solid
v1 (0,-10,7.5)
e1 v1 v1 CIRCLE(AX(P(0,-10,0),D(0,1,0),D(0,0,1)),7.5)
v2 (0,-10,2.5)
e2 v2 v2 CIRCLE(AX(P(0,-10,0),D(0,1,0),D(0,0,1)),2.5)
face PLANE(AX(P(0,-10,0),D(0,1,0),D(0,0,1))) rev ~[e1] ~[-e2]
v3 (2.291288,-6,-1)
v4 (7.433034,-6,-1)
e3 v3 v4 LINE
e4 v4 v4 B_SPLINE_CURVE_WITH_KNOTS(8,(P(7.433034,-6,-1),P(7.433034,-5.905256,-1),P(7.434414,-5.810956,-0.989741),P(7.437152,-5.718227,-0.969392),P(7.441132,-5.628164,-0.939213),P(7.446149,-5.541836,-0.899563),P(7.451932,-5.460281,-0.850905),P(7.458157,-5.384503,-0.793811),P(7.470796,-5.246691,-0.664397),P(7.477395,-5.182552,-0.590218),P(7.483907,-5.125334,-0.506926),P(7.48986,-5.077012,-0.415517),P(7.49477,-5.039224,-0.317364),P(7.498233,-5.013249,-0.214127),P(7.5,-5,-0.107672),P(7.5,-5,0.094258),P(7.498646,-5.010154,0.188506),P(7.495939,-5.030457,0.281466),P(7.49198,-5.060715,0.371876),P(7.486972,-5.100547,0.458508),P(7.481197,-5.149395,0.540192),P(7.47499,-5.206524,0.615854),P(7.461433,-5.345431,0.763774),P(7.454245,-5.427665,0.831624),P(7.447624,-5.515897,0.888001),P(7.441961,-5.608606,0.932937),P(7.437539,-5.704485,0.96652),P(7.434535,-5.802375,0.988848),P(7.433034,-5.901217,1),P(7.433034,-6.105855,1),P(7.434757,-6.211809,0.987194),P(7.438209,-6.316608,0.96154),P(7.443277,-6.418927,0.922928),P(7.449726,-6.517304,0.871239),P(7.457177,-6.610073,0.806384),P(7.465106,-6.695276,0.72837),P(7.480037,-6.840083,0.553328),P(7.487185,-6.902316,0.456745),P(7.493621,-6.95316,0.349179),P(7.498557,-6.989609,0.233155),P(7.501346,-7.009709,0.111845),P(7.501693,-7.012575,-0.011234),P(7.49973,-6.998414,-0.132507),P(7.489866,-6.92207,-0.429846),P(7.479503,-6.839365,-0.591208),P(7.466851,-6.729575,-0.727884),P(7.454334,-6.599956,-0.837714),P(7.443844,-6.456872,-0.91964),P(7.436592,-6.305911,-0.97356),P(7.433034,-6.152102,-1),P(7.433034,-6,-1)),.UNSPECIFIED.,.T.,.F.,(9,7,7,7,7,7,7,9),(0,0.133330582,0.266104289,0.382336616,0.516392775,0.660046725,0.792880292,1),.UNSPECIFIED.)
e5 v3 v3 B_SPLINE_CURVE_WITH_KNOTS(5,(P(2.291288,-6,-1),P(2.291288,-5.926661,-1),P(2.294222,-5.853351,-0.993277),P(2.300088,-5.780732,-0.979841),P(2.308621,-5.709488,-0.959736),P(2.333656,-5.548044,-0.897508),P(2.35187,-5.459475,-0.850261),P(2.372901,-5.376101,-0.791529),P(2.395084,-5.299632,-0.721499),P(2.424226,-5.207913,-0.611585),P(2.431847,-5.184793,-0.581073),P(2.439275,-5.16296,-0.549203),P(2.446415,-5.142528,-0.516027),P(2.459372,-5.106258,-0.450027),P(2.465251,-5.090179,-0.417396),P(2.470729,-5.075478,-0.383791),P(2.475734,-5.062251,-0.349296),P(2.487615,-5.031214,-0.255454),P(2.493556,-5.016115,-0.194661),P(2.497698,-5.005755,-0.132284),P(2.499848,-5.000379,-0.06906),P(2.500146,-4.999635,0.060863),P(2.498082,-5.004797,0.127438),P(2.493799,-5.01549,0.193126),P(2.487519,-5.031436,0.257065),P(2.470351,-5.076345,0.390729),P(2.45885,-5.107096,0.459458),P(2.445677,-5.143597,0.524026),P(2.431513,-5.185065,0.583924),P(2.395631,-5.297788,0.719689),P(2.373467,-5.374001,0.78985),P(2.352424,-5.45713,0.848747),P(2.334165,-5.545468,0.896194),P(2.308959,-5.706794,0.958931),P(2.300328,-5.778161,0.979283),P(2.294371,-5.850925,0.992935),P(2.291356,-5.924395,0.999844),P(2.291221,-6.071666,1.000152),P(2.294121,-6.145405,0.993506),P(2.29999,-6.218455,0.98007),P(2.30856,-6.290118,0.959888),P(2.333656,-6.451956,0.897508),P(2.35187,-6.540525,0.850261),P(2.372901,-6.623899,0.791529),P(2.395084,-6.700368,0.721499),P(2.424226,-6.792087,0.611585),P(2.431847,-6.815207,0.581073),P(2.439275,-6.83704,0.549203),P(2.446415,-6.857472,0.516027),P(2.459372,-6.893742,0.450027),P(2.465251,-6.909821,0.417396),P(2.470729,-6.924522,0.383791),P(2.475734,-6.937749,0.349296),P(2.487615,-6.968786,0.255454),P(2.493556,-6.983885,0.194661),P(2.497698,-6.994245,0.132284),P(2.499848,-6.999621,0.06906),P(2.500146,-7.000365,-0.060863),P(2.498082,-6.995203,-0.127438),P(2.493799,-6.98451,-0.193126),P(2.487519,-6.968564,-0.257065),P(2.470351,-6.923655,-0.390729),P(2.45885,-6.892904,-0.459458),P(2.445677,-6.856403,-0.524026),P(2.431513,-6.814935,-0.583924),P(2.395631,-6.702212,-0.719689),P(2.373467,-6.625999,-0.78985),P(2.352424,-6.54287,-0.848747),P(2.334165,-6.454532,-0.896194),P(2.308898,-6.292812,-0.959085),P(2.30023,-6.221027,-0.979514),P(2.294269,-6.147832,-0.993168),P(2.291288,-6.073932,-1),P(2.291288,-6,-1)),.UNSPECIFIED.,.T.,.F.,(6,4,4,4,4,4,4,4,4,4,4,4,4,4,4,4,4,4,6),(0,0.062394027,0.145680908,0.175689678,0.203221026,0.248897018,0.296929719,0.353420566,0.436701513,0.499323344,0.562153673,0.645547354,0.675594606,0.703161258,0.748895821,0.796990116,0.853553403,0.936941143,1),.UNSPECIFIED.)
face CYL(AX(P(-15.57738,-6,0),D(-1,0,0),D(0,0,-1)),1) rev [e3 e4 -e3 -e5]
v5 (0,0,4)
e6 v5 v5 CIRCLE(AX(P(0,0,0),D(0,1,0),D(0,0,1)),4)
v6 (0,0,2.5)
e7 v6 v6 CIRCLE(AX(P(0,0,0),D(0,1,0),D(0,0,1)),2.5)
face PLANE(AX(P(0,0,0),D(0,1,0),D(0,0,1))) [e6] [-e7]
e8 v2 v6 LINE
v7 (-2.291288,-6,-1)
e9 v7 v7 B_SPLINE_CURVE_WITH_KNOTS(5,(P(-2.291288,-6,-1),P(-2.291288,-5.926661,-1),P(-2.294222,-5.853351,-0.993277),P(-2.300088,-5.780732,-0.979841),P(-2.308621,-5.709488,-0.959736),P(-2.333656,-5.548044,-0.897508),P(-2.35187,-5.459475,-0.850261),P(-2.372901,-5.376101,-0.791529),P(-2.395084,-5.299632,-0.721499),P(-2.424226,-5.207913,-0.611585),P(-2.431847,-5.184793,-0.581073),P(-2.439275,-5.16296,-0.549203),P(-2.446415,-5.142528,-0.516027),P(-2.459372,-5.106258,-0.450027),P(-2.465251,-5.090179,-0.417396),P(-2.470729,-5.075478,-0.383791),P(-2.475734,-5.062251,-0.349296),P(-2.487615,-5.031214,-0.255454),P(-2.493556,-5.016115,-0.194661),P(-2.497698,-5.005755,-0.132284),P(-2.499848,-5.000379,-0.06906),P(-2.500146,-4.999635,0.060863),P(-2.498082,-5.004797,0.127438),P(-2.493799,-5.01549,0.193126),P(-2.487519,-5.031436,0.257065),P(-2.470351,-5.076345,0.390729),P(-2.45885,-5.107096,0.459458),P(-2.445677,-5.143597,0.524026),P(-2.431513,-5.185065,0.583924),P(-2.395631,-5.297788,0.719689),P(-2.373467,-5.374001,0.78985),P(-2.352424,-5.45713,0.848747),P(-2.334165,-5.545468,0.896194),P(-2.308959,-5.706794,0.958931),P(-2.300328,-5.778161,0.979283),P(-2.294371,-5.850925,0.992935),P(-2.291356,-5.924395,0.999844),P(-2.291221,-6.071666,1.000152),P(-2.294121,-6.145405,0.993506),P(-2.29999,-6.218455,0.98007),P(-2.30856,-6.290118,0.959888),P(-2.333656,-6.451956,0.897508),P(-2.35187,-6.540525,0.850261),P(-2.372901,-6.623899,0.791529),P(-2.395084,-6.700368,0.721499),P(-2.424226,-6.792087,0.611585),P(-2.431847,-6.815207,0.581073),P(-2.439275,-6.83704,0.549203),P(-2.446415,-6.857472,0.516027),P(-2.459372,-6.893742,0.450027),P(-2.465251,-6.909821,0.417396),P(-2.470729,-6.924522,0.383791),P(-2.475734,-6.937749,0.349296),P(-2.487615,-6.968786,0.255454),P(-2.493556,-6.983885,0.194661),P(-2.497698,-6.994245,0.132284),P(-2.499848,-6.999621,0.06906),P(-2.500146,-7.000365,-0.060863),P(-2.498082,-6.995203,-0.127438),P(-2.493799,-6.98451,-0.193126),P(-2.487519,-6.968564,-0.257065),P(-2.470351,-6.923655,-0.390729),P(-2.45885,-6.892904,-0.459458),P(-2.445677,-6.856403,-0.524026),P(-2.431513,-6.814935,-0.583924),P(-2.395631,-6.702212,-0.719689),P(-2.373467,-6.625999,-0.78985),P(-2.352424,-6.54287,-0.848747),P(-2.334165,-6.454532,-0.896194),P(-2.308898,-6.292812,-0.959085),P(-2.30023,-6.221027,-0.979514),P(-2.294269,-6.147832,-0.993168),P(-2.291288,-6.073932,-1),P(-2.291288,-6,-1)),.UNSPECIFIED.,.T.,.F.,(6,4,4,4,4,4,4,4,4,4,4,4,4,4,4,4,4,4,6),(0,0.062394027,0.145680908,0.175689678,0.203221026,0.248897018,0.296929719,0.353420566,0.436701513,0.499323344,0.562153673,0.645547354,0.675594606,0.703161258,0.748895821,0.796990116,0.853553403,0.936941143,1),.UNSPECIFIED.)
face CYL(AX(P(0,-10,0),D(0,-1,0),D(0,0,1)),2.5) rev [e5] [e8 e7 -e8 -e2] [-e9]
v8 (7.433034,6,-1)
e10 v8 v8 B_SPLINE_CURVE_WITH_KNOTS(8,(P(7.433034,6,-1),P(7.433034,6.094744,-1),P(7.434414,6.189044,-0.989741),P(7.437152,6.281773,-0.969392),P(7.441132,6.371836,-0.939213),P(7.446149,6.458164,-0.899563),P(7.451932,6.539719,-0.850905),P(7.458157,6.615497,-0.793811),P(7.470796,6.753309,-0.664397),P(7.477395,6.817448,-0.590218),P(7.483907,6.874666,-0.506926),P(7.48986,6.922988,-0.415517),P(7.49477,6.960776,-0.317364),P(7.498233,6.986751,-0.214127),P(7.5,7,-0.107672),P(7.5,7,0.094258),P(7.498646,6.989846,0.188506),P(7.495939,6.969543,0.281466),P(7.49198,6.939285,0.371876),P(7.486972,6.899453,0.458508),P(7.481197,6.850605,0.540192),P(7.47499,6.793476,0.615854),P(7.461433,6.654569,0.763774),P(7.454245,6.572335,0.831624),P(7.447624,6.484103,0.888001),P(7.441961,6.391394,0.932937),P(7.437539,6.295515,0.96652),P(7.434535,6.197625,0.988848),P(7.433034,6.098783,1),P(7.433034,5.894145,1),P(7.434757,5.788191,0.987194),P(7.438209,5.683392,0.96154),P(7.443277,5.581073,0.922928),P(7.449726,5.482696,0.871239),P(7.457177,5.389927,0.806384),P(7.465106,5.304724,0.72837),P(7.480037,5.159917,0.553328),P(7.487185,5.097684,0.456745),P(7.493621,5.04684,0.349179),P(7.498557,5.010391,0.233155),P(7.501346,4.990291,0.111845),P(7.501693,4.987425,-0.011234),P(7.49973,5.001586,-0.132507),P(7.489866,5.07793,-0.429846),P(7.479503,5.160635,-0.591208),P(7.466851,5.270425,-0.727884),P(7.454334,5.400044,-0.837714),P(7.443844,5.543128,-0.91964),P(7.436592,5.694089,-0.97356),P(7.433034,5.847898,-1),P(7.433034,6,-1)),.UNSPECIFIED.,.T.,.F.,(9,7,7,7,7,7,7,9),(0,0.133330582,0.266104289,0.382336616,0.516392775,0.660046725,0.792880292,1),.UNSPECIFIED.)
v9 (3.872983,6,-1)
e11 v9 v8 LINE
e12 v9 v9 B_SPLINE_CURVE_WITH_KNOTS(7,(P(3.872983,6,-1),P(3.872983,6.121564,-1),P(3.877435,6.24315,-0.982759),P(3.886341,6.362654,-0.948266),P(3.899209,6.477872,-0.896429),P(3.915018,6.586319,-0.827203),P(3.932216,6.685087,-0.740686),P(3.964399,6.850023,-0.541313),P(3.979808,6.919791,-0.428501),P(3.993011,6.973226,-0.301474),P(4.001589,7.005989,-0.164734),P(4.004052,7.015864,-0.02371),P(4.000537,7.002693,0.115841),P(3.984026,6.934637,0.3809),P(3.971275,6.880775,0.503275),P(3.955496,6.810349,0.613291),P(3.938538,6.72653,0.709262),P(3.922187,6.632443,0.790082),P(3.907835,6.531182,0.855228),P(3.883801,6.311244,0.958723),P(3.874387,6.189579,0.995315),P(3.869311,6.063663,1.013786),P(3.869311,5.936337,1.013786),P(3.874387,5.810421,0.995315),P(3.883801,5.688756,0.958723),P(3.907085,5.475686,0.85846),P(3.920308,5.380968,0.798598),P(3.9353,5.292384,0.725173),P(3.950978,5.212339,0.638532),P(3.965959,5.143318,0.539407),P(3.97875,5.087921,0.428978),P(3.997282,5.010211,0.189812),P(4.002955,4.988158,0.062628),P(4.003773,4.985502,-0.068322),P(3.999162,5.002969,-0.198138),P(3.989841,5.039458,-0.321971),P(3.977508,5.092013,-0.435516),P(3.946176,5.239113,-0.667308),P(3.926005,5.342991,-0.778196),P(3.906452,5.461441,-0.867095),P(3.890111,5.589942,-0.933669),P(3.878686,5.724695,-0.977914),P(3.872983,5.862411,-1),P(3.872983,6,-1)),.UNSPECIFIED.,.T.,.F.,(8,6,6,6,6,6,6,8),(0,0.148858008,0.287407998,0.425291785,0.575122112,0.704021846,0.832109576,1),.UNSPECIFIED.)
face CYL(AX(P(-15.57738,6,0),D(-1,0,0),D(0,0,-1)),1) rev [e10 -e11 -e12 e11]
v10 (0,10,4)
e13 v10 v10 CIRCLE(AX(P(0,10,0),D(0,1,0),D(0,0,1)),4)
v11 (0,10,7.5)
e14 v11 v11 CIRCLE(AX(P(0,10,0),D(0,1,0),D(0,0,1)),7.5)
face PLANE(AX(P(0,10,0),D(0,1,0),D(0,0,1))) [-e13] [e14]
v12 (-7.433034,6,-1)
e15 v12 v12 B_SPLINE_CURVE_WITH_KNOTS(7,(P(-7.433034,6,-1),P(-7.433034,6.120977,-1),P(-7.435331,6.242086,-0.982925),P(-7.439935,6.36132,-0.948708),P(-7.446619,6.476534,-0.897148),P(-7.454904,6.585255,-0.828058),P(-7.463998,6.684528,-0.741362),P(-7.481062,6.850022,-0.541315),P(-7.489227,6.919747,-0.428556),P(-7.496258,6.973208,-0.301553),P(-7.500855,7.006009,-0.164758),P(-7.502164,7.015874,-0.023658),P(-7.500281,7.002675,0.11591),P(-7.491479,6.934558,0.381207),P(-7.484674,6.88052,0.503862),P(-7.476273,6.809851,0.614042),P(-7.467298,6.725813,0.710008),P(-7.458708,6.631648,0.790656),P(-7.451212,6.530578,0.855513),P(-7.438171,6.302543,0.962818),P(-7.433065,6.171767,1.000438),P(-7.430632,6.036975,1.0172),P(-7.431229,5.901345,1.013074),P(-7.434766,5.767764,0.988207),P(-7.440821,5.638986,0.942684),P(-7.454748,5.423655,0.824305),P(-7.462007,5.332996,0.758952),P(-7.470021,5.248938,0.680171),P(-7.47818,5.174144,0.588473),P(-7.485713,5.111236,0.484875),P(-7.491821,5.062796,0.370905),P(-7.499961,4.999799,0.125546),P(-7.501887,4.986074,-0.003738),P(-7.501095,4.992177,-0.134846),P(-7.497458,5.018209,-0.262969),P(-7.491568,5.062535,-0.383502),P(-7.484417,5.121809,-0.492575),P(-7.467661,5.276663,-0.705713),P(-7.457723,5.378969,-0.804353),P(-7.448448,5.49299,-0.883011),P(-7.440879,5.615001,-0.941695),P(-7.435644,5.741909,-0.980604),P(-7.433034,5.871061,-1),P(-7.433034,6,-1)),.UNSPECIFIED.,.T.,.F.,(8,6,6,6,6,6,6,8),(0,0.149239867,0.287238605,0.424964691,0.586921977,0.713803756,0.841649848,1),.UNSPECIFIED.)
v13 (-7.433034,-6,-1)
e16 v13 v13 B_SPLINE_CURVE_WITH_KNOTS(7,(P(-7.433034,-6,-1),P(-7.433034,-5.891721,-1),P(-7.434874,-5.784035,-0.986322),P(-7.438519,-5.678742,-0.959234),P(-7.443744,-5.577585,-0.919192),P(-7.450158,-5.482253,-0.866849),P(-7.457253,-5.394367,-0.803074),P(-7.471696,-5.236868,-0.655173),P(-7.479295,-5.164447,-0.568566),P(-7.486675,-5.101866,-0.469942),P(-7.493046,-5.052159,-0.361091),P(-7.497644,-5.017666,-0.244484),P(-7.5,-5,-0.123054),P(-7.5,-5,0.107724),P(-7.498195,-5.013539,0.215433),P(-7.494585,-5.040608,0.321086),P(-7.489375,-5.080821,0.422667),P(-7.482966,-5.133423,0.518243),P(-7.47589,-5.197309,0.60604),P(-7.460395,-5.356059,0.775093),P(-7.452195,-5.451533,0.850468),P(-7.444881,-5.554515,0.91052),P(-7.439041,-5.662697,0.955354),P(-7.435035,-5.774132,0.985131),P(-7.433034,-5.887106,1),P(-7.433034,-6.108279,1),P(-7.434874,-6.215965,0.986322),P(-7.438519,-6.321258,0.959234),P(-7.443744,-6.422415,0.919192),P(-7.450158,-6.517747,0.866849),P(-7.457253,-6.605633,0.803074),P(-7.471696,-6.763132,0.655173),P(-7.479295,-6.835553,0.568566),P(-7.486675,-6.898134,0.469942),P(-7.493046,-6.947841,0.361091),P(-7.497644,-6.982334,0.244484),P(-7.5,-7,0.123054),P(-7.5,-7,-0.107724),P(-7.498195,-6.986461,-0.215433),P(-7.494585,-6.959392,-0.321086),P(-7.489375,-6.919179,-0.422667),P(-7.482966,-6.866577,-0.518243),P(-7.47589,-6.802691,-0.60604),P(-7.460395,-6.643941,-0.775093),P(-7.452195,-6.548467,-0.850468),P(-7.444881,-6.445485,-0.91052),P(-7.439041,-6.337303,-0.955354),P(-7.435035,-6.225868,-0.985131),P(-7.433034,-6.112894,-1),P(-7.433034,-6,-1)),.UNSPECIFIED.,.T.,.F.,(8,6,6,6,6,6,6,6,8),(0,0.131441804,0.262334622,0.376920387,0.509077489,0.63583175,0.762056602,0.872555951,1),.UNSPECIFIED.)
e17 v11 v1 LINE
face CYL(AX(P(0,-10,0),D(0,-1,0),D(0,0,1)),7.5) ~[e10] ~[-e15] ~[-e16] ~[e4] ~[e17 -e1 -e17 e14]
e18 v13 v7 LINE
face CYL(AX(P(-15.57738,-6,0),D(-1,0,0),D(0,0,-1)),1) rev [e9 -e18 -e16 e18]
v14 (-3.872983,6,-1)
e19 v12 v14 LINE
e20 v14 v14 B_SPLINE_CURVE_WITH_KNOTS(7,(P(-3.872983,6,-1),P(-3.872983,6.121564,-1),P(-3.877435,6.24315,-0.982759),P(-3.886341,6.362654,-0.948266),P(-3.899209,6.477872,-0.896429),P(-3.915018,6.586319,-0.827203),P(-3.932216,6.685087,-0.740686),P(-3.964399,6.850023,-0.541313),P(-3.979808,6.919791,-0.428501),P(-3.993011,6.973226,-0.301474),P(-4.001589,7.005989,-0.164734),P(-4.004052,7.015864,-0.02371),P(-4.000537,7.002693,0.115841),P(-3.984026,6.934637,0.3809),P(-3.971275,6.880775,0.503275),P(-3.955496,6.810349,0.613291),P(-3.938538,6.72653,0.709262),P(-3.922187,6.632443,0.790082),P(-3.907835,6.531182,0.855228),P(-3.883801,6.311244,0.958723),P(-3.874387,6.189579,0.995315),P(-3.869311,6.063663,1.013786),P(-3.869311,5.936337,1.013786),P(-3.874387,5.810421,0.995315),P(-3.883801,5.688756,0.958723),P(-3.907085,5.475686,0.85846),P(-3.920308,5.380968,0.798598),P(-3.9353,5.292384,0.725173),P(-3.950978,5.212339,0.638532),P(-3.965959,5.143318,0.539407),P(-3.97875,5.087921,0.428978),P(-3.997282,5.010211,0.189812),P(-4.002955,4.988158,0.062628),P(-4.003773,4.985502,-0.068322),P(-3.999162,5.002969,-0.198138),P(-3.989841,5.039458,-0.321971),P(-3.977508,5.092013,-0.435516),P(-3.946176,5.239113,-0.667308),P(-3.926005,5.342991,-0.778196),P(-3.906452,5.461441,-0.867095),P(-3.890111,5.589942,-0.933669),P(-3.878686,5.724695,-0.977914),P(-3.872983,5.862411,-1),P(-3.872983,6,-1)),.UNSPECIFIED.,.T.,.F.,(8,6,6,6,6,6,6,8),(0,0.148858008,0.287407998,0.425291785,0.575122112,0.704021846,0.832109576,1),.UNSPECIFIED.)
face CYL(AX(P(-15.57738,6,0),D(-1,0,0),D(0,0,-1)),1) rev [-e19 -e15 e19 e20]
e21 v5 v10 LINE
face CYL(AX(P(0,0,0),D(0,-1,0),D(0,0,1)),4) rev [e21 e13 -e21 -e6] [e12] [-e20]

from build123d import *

# Parameters (mm, degrees)
SKETCH1_R               = 7.5
SKETCH1_R_2             = 4
BOSS_EXTRUDE2_DEPTH     = 10
BOSS_EXTRUDE3_START     = -10
SKETCH1_3_R             = 7.5
SKETCH1_3_R_2           = 2.5
BOSS_EXTRUDE3_DEPTH     = 10
CUT_EXTRUDE1_DEPTH      = 15.577379737
CUT_EXTRUDE1_DEPTH_BACK = 15.577379737
SKETCH2_R               = 1


with BuildPart() as part:
    # Sketch1 → Boss-Extrude2 (new body)
    with BuildSketch(Plane(origin=(0, 0, 0), x_dir=(1, 0, 0), z_dir=(0, 1, 0))):
        Circle(SKETCH1_R)
        Circle(SKETCH1_R_2, mode=Mode.SUBTRACT)
    extrude(amount=BOSS_EXTRUDE2_DEPTH)

    # Sketch1<3> → Boss-Extrude3 (add)
    with BuildSketch(Plane(origin=(0, 0, 0), x_dir=(1, 0, 0), z_dir=(0, 1, 0)).offset(BOSS_EXTRUDE3_START)):
        Circle(SKETCH1_3_R)
        Circle(SKETCH1_3_R_2, mode=Mode.SUBTRACT)
    extrude(amount=BOSS_EXTRUDE3_DEPTH)

    # Sketch2 → Cut-Extrude1 (cut, two sides: drawn at the far end of the back side and taken through both)
    with BuildSketch(Plane(origin=(0, 0, 0), x_dir=(0, 0, -1), z_dir=(1, 0, 0)).offset(-CUT_EXTRUDE1_DEPTH_BACK)):
        with Locations((0, 6)):
            Circle(SKETCH2_R)
        with Locations((0, -6)):
            Circle(SKETCH2_R)
    extrude(amount=CUT_EXTRUDE1_DEPTH + CUT_EXTRUDE1_DEPTH_BACK, mode=Mode.SUBTRACT)


solid = part.part
